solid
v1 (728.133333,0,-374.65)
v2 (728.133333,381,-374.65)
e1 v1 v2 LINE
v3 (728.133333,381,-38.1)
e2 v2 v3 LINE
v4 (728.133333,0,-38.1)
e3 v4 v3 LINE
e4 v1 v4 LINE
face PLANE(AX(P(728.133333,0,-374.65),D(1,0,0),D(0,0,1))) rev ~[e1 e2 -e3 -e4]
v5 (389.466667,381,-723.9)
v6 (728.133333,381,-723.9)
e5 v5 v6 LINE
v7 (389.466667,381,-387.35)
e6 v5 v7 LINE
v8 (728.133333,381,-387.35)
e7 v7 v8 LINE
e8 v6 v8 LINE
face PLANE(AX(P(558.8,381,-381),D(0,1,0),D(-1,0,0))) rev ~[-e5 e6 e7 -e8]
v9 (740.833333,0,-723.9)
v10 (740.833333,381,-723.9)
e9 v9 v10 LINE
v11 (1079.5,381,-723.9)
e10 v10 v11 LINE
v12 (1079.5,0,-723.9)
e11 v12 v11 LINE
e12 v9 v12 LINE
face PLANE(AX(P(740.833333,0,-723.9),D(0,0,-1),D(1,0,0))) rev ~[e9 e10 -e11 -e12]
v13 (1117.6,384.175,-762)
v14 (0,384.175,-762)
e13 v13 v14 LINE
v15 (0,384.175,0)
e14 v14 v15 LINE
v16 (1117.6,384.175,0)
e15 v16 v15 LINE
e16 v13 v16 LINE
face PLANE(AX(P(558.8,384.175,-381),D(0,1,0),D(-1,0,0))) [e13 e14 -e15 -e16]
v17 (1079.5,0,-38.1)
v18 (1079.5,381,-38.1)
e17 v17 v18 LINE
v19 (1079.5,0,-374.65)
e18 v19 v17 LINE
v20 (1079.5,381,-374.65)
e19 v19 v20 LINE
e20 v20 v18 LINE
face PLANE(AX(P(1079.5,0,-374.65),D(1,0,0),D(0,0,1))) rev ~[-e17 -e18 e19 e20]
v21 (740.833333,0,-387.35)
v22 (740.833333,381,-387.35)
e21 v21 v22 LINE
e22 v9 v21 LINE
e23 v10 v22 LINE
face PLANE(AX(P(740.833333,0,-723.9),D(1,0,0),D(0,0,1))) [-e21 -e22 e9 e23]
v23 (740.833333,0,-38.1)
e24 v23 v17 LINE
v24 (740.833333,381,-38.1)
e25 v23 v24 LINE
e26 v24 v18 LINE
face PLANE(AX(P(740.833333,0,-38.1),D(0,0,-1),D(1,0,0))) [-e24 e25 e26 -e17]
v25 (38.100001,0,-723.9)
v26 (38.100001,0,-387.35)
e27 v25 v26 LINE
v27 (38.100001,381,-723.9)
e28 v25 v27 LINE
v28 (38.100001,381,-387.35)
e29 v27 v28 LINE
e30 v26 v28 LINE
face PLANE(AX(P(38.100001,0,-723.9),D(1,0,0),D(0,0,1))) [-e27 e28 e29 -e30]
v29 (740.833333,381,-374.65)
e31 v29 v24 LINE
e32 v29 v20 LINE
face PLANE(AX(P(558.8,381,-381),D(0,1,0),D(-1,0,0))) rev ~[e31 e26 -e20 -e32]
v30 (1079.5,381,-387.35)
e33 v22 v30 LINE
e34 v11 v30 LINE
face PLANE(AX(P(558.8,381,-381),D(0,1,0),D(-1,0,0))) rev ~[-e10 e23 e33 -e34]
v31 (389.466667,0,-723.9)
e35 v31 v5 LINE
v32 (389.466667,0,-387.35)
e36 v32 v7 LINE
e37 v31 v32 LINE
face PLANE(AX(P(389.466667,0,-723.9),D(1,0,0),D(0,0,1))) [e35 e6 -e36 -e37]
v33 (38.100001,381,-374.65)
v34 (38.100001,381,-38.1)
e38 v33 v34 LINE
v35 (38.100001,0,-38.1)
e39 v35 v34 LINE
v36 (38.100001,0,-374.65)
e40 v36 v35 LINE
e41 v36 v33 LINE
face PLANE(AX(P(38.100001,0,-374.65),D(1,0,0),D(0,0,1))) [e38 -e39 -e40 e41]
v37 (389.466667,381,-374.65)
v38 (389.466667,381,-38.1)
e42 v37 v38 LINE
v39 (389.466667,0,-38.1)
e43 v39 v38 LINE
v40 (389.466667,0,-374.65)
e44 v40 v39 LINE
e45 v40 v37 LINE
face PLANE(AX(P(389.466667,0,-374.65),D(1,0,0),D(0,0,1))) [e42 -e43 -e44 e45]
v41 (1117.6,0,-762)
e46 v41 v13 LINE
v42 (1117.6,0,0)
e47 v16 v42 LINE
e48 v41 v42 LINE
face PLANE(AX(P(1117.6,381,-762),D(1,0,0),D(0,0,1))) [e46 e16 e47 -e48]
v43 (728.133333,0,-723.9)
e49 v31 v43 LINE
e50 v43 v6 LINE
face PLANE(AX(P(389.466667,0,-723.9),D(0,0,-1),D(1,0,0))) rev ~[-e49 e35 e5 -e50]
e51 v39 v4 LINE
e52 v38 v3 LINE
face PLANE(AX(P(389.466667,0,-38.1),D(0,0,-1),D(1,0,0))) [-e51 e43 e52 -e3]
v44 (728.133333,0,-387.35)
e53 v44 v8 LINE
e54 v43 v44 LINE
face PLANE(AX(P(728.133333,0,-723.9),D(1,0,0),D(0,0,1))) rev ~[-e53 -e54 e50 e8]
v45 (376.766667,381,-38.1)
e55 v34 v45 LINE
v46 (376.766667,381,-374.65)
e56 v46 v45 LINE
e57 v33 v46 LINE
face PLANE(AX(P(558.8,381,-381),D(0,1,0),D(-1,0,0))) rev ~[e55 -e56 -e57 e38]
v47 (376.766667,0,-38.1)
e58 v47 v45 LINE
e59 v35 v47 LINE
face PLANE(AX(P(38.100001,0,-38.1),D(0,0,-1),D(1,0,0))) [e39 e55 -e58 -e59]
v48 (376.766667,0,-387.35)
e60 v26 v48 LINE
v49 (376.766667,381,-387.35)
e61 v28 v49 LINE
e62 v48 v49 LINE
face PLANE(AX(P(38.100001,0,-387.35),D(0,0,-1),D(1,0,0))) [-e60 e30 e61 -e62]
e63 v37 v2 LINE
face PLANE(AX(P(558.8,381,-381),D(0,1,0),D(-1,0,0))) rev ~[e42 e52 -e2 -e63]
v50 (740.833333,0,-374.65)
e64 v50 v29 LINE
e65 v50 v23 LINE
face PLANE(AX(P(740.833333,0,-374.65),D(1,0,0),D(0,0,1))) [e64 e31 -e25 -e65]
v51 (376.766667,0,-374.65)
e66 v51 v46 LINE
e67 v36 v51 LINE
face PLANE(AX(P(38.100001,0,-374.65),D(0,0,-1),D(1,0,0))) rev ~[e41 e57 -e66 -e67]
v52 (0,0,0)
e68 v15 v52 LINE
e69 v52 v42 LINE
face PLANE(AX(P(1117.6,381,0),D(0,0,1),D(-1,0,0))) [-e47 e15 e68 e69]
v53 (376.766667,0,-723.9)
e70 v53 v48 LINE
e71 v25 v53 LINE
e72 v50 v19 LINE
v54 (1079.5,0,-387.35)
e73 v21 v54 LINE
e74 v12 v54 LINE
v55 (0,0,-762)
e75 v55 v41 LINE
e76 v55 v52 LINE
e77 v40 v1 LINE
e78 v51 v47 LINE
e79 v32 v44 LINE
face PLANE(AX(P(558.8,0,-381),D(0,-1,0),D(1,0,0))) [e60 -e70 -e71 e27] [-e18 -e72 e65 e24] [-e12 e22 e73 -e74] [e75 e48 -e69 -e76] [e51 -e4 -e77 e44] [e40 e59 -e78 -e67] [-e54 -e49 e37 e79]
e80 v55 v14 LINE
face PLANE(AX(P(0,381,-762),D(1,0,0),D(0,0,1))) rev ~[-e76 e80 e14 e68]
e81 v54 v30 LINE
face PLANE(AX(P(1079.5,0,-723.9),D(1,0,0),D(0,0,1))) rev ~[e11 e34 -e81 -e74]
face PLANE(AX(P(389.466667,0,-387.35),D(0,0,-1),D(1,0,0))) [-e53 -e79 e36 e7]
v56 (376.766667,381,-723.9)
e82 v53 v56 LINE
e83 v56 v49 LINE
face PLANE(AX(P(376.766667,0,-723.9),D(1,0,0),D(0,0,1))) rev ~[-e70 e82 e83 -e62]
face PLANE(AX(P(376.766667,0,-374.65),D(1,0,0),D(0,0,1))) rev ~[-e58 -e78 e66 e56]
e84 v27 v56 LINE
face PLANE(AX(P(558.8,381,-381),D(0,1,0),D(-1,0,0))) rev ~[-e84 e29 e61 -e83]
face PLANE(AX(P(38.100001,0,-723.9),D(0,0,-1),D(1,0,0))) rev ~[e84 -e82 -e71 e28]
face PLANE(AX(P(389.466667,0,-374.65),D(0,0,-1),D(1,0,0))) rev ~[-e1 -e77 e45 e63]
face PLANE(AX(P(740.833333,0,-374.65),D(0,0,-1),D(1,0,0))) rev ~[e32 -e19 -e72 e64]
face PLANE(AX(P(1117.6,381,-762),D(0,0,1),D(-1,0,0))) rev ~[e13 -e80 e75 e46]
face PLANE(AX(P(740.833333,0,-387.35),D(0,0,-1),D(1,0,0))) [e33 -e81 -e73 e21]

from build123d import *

# Parameters (mm, degrees)
F0_W     = 1117.6
F0_H     = 762
F0_W_2   = 338.666667
F0_H_2   = 336.55
F0_W_3   = 338.666666
F1_DEPTH = 381
F2_W     = 1117.6
F2_H     = 762
F3_DEPTH = 3.175


with BuildPart() as f1:
    # F0 (on Front) → F1 (new body)
    with BuildSketch(Plane.XZ):
        with Locations((558.8, -381)):
            Rectangle(F0_W, F0_H)
        with Locations((207.433334, -555.625)):
            Rectangle(F0_W_2, F0_H_2, mode=Mode.SUBTRACT)
        with Locations((558.8, -555.625)):
            Rectangle(F0_W_3, F0_H_2, mode=Mode.SUBTRACT)
        with Locations((910.166667, -555.625)):
            Rectangle(F0_W_2, F0_H_2, mode=Mode.SUBTRACT)
        with Locations((207.433334, -206.375)):
            Rectangle(F0_W_2, F0_H_2, mode=Mode.SUBTRACT)
        with Locations((558.8, -206.375)):
            Rectangle(F0_W_3, F0_H_2, mode=Mode.SUBTRACT)
        with Locations((910.166667, -206.375)):
            Rectangle(F0_W_2, F0_H_2, mode=Mode.SUBTRACT)
    extrude(amount=-F1_DEPTH)

    # F2 (on face) → F3 (join)
    with BuildSketch(Plane(origin=(0, 381, 0), x_dir=(-1, 0, 0), z_dir=(0, 1, 0))):
        with Locations((-558.8, -381)):
            Rectangle(F2_W, F2_H)
    extrude(amount=F3_DEPTH)


solid = f1.part
